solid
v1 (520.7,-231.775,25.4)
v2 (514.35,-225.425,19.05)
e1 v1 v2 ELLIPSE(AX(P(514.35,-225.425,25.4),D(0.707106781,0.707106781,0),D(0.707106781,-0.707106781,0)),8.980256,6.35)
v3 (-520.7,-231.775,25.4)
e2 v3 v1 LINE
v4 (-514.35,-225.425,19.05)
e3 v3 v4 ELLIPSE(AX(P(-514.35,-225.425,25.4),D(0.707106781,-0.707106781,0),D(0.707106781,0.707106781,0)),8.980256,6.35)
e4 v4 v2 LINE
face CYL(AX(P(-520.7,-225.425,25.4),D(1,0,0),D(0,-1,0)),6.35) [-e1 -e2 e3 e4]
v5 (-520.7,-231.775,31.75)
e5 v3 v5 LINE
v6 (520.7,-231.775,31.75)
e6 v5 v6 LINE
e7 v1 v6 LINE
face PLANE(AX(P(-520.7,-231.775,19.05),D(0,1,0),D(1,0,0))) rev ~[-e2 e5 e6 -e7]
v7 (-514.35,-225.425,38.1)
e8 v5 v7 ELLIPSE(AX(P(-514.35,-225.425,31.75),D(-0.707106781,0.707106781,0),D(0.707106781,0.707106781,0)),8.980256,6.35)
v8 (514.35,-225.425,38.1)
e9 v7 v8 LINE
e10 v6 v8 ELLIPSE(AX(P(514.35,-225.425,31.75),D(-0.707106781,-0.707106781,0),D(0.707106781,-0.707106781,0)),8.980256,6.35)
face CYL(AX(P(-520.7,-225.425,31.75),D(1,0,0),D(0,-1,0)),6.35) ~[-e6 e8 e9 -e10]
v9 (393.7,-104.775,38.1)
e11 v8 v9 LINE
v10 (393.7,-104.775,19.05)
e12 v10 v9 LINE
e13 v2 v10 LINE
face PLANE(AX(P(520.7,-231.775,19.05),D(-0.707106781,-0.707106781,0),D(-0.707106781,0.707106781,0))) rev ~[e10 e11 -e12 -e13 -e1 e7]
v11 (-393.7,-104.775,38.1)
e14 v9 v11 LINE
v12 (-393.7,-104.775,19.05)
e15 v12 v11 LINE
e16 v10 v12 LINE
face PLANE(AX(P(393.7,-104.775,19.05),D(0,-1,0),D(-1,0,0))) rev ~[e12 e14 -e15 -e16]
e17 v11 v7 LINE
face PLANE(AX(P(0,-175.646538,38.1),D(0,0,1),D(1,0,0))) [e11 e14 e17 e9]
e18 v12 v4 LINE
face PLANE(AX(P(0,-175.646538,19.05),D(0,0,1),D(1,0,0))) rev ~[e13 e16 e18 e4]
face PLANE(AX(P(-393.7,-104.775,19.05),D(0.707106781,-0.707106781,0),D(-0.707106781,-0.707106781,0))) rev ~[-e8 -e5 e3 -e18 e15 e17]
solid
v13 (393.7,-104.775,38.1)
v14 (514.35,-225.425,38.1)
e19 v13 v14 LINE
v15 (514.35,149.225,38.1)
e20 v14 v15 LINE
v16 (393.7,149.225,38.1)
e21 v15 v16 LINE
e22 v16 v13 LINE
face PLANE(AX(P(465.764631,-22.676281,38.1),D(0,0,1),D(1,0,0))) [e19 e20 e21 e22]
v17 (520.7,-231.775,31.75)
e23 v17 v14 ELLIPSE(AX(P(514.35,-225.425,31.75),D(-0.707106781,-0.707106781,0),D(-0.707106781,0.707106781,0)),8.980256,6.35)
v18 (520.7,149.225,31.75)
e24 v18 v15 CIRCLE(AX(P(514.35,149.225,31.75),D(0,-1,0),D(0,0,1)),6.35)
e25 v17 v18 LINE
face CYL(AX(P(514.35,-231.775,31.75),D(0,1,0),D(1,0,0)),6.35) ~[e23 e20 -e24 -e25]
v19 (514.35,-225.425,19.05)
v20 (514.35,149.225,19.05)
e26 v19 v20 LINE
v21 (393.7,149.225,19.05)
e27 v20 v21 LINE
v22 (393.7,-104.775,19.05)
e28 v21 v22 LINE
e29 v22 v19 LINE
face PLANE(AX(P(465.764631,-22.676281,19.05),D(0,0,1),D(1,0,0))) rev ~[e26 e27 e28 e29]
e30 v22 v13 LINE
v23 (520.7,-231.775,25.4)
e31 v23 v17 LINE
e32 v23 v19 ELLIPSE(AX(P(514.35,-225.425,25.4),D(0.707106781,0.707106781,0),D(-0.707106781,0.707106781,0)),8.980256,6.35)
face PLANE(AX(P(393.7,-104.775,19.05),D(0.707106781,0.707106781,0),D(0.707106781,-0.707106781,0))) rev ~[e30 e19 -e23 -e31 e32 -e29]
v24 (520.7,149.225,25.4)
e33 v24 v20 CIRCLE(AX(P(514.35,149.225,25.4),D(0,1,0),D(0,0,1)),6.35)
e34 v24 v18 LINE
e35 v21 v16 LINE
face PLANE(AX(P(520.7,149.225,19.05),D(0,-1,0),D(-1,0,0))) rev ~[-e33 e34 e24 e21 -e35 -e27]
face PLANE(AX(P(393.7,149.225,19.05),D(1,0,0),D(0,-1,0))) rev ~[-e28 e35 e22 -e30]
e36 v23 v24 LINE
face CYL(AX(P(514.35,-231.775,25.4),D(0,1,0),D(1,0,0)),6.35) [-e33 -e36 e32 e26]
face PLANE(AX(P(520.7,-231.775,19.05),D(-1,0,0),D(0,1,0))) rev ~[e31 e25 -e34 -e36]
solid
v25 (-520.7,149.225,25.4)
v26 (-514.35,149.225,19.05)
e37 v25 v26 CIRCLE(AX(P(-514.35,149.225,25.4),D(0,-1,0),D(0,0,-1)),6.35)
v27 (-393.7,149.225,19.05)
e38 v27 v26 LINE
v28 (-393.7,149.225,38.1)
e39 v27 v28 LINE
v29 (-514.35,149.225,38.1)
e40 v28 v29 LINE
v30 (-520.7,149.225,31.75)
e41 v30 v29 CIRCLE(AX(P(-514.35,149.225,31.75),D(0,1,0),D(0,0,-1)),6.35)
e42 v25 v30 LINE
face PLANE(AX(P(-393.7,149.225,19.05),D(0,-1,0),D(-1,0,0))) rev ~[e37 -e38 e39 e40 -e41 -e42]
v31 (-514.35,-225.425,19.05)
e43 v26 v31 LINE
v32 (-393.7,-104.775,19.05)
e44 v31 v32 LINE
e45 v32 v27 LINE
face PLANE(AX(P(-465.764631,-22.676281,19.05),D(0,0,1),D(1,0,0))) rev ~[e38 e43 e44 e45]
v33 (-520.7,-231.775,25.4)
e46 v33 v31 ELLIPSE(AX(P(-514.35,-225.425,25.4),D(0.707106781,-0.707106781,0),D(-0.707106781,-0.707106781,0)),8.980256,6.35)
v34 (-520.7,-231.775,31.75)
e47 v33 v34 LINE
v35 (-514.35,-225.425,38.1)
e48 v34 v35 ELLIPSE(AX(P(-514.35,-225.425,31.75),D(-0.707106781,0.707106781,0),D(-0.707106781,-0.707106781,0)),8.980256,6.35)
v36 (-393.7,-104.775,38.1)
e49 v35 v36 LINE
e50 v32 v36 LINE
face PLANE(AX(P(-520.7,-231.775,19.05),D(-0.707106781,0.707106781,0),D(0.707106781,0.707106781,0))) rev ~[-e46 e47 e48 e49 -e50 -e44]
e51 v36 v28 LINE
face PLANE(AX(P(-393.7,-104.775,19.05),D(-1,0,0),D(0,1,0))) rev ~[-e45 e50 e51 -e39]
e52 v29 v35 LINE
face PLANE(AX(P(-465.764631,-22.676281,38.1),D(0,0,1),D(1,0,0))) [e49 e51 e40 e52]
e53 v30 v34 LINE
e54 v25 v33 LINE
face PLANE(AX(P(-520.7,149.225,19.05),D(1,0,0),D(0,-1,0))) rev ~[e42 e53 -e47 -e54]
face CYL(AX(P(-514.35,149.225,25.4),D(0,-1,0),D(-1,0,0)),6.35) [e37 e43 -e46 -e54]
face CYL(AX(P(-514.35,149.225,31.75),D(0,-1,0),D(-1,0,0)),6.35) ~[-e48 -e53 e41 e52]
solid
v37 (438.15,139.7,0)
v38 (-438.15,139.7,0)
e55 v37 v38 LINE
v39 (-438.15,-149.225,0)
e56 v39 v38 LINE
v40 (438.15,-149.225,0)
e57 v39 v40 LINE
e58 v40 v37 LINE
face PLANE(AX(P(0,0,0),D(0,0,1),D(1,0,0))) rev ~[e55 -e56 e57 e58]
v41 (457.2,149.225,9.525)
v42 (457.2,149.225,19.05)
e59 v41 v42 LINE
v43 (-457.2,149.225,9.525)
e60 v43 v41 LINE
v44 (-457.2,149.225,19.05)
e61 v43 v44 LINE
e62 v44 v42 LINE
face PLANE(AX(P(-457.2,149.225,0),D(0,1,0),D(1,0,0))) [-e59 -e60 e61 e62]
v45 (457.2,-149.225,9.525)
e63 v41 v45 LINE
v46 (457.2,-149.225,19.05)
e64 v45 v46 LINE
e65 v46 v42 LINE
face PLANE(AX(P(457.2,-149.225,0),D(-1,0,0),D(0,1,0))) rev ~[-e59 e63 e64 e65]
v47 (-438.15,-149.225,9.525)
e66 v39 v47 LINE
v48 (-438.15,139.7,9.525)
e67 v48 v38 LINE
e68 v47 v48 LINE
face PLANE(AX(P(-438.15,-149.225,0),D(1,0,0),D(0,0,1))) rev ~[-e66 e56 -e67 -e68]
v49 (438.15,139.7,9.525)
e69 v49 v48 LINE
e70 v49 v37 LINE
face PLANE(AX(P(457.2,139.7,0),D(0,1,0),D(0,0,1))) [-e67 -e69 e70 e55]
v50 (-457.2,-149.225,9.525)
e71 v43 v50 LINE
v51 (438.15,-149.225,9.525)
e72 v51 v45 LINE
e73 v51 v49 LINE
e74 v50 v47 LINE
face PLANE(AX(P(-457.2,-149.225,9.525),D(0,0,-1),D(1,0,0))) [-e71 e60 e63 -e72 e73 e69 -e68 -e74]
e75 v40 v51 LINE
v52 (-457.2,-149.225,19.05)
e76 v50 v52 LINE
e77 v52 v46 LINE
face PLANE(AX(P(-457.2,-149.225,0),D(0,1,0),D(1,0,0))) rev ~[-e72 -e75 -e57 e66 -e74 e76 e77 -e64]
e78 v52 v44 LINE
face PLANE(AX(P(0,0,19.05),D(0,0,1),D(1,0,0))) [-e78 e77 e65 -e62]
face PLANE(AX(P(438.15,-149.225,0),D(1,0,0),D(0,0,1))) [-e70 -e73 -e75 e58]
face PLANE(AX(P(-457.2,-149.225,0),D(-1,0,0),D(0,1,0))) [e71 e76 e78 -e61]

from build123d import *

# Parameters (mm, degrees)
F0_W      = 914.4
F0_H      = 298.45
F1_DEPTH  = 19.05
F2_W      = 9.525
F2_H      = 9.525
F3_DEPTH  = 914.401
F4_W      = 19.05
F4_H      = 9.525
F5_DEPTH  = 298.451
F7_DEPTH  = 19.05
F9_DEPTH  = 19.05
F11_DEPTH = 19.05
F12_R     = 6.35
F12_2_R   = 6.35
F12_3_R   = 6.35


with BuildPart() as f1:
    # F0 (on Top) → F1 (new body)
    with BuildSketch(Plane.XY):
        Rectangle(F0_W, F0_H)
    extrude(amount=F1_DEPTH)

    # F2 (on face) → F3 (cut, through all)
    with BuildSketch(Plane.YZ.offset(457.2)):
        with Locations((144.4625, 4.7625)):
            Rectangle(F2_W, F2_H)
    extrude(amount=-F3_DEPTH, mode=Mode.SUBTRACT)

    # F4 (on face) → F5 (cut, through all)
    with BuildSketch(Plane.XZ.offset(149.225)):
        with Locations((-447.675, 4.7625)):
            Rectangle(F4_W, F4_H)
        with Locations((447.675, 4.7625)):
            Rectangle(F4_W, F4_H)
    extrude(amount=-F5_DEPTH, mode=Mode.SUBTRACT)


with BuildPart() as f7:
    # F6 (on face) → F7 (new body)
    with BuildSketch(Plane.XY.offset(19.05)):
        Polygon((393.7, -104.775), (-393.7, -104.775), (-520.7, -231.775), (520.7, -231.775), align=None)
    extrude(amount=F7_DEPTH)

    # F12
    f12_edges = [f7.edges().sort_by_distance(p)[0] for p in [
        (0, -231.775, 38.1),
        (0, -231.775, 19.05),
    ]]
    fillet(f12_edges, radius=F12_R)


with BuildPart() as f9:
    # F8 (on face) → F9 (new body)
    with BuildSketch(Plane.XY.offset(19.05)):
        Polygon((-393.7, 149.225), (-520.7, 149.225), (-520.7, -231.775), (-393.7, -104.775), align=None)
    extrude(amount=F9_DEPTH)

    # F12#3
    f12_3_edges = [f9.edges().sort_by_distance(p)[0] for p in [
        (-520.7, -41.275, 38.1),
        (-520.7, -41.275, 19.05),
    ]]
    fillet(f12_3_edges, radius=F12_3_R)


with BuildPart() as f11:
    # F10 (on face) → F11 (new body)
    with BuildSketch(Plane.XY.offset(19.05)):
        Polygon((520.7, 149.225), (393.7, 149.225), (393.7, -104.775), (520.7, -231.775), align=None)
    extrude(amount=F11_DEPTH)

    # F12#2
    f12_2_edges = [f11.edges().sort_by_distance(p)[0] for p in [
        (520.7, -41.275, 19.05),
        (520.7, -41.275, 38.1),
    ]]
    fillet(f12_2_edges, radius=F12_2_R)


solid = Compound([f1.part, f7.part, f9.part, f11.part])
